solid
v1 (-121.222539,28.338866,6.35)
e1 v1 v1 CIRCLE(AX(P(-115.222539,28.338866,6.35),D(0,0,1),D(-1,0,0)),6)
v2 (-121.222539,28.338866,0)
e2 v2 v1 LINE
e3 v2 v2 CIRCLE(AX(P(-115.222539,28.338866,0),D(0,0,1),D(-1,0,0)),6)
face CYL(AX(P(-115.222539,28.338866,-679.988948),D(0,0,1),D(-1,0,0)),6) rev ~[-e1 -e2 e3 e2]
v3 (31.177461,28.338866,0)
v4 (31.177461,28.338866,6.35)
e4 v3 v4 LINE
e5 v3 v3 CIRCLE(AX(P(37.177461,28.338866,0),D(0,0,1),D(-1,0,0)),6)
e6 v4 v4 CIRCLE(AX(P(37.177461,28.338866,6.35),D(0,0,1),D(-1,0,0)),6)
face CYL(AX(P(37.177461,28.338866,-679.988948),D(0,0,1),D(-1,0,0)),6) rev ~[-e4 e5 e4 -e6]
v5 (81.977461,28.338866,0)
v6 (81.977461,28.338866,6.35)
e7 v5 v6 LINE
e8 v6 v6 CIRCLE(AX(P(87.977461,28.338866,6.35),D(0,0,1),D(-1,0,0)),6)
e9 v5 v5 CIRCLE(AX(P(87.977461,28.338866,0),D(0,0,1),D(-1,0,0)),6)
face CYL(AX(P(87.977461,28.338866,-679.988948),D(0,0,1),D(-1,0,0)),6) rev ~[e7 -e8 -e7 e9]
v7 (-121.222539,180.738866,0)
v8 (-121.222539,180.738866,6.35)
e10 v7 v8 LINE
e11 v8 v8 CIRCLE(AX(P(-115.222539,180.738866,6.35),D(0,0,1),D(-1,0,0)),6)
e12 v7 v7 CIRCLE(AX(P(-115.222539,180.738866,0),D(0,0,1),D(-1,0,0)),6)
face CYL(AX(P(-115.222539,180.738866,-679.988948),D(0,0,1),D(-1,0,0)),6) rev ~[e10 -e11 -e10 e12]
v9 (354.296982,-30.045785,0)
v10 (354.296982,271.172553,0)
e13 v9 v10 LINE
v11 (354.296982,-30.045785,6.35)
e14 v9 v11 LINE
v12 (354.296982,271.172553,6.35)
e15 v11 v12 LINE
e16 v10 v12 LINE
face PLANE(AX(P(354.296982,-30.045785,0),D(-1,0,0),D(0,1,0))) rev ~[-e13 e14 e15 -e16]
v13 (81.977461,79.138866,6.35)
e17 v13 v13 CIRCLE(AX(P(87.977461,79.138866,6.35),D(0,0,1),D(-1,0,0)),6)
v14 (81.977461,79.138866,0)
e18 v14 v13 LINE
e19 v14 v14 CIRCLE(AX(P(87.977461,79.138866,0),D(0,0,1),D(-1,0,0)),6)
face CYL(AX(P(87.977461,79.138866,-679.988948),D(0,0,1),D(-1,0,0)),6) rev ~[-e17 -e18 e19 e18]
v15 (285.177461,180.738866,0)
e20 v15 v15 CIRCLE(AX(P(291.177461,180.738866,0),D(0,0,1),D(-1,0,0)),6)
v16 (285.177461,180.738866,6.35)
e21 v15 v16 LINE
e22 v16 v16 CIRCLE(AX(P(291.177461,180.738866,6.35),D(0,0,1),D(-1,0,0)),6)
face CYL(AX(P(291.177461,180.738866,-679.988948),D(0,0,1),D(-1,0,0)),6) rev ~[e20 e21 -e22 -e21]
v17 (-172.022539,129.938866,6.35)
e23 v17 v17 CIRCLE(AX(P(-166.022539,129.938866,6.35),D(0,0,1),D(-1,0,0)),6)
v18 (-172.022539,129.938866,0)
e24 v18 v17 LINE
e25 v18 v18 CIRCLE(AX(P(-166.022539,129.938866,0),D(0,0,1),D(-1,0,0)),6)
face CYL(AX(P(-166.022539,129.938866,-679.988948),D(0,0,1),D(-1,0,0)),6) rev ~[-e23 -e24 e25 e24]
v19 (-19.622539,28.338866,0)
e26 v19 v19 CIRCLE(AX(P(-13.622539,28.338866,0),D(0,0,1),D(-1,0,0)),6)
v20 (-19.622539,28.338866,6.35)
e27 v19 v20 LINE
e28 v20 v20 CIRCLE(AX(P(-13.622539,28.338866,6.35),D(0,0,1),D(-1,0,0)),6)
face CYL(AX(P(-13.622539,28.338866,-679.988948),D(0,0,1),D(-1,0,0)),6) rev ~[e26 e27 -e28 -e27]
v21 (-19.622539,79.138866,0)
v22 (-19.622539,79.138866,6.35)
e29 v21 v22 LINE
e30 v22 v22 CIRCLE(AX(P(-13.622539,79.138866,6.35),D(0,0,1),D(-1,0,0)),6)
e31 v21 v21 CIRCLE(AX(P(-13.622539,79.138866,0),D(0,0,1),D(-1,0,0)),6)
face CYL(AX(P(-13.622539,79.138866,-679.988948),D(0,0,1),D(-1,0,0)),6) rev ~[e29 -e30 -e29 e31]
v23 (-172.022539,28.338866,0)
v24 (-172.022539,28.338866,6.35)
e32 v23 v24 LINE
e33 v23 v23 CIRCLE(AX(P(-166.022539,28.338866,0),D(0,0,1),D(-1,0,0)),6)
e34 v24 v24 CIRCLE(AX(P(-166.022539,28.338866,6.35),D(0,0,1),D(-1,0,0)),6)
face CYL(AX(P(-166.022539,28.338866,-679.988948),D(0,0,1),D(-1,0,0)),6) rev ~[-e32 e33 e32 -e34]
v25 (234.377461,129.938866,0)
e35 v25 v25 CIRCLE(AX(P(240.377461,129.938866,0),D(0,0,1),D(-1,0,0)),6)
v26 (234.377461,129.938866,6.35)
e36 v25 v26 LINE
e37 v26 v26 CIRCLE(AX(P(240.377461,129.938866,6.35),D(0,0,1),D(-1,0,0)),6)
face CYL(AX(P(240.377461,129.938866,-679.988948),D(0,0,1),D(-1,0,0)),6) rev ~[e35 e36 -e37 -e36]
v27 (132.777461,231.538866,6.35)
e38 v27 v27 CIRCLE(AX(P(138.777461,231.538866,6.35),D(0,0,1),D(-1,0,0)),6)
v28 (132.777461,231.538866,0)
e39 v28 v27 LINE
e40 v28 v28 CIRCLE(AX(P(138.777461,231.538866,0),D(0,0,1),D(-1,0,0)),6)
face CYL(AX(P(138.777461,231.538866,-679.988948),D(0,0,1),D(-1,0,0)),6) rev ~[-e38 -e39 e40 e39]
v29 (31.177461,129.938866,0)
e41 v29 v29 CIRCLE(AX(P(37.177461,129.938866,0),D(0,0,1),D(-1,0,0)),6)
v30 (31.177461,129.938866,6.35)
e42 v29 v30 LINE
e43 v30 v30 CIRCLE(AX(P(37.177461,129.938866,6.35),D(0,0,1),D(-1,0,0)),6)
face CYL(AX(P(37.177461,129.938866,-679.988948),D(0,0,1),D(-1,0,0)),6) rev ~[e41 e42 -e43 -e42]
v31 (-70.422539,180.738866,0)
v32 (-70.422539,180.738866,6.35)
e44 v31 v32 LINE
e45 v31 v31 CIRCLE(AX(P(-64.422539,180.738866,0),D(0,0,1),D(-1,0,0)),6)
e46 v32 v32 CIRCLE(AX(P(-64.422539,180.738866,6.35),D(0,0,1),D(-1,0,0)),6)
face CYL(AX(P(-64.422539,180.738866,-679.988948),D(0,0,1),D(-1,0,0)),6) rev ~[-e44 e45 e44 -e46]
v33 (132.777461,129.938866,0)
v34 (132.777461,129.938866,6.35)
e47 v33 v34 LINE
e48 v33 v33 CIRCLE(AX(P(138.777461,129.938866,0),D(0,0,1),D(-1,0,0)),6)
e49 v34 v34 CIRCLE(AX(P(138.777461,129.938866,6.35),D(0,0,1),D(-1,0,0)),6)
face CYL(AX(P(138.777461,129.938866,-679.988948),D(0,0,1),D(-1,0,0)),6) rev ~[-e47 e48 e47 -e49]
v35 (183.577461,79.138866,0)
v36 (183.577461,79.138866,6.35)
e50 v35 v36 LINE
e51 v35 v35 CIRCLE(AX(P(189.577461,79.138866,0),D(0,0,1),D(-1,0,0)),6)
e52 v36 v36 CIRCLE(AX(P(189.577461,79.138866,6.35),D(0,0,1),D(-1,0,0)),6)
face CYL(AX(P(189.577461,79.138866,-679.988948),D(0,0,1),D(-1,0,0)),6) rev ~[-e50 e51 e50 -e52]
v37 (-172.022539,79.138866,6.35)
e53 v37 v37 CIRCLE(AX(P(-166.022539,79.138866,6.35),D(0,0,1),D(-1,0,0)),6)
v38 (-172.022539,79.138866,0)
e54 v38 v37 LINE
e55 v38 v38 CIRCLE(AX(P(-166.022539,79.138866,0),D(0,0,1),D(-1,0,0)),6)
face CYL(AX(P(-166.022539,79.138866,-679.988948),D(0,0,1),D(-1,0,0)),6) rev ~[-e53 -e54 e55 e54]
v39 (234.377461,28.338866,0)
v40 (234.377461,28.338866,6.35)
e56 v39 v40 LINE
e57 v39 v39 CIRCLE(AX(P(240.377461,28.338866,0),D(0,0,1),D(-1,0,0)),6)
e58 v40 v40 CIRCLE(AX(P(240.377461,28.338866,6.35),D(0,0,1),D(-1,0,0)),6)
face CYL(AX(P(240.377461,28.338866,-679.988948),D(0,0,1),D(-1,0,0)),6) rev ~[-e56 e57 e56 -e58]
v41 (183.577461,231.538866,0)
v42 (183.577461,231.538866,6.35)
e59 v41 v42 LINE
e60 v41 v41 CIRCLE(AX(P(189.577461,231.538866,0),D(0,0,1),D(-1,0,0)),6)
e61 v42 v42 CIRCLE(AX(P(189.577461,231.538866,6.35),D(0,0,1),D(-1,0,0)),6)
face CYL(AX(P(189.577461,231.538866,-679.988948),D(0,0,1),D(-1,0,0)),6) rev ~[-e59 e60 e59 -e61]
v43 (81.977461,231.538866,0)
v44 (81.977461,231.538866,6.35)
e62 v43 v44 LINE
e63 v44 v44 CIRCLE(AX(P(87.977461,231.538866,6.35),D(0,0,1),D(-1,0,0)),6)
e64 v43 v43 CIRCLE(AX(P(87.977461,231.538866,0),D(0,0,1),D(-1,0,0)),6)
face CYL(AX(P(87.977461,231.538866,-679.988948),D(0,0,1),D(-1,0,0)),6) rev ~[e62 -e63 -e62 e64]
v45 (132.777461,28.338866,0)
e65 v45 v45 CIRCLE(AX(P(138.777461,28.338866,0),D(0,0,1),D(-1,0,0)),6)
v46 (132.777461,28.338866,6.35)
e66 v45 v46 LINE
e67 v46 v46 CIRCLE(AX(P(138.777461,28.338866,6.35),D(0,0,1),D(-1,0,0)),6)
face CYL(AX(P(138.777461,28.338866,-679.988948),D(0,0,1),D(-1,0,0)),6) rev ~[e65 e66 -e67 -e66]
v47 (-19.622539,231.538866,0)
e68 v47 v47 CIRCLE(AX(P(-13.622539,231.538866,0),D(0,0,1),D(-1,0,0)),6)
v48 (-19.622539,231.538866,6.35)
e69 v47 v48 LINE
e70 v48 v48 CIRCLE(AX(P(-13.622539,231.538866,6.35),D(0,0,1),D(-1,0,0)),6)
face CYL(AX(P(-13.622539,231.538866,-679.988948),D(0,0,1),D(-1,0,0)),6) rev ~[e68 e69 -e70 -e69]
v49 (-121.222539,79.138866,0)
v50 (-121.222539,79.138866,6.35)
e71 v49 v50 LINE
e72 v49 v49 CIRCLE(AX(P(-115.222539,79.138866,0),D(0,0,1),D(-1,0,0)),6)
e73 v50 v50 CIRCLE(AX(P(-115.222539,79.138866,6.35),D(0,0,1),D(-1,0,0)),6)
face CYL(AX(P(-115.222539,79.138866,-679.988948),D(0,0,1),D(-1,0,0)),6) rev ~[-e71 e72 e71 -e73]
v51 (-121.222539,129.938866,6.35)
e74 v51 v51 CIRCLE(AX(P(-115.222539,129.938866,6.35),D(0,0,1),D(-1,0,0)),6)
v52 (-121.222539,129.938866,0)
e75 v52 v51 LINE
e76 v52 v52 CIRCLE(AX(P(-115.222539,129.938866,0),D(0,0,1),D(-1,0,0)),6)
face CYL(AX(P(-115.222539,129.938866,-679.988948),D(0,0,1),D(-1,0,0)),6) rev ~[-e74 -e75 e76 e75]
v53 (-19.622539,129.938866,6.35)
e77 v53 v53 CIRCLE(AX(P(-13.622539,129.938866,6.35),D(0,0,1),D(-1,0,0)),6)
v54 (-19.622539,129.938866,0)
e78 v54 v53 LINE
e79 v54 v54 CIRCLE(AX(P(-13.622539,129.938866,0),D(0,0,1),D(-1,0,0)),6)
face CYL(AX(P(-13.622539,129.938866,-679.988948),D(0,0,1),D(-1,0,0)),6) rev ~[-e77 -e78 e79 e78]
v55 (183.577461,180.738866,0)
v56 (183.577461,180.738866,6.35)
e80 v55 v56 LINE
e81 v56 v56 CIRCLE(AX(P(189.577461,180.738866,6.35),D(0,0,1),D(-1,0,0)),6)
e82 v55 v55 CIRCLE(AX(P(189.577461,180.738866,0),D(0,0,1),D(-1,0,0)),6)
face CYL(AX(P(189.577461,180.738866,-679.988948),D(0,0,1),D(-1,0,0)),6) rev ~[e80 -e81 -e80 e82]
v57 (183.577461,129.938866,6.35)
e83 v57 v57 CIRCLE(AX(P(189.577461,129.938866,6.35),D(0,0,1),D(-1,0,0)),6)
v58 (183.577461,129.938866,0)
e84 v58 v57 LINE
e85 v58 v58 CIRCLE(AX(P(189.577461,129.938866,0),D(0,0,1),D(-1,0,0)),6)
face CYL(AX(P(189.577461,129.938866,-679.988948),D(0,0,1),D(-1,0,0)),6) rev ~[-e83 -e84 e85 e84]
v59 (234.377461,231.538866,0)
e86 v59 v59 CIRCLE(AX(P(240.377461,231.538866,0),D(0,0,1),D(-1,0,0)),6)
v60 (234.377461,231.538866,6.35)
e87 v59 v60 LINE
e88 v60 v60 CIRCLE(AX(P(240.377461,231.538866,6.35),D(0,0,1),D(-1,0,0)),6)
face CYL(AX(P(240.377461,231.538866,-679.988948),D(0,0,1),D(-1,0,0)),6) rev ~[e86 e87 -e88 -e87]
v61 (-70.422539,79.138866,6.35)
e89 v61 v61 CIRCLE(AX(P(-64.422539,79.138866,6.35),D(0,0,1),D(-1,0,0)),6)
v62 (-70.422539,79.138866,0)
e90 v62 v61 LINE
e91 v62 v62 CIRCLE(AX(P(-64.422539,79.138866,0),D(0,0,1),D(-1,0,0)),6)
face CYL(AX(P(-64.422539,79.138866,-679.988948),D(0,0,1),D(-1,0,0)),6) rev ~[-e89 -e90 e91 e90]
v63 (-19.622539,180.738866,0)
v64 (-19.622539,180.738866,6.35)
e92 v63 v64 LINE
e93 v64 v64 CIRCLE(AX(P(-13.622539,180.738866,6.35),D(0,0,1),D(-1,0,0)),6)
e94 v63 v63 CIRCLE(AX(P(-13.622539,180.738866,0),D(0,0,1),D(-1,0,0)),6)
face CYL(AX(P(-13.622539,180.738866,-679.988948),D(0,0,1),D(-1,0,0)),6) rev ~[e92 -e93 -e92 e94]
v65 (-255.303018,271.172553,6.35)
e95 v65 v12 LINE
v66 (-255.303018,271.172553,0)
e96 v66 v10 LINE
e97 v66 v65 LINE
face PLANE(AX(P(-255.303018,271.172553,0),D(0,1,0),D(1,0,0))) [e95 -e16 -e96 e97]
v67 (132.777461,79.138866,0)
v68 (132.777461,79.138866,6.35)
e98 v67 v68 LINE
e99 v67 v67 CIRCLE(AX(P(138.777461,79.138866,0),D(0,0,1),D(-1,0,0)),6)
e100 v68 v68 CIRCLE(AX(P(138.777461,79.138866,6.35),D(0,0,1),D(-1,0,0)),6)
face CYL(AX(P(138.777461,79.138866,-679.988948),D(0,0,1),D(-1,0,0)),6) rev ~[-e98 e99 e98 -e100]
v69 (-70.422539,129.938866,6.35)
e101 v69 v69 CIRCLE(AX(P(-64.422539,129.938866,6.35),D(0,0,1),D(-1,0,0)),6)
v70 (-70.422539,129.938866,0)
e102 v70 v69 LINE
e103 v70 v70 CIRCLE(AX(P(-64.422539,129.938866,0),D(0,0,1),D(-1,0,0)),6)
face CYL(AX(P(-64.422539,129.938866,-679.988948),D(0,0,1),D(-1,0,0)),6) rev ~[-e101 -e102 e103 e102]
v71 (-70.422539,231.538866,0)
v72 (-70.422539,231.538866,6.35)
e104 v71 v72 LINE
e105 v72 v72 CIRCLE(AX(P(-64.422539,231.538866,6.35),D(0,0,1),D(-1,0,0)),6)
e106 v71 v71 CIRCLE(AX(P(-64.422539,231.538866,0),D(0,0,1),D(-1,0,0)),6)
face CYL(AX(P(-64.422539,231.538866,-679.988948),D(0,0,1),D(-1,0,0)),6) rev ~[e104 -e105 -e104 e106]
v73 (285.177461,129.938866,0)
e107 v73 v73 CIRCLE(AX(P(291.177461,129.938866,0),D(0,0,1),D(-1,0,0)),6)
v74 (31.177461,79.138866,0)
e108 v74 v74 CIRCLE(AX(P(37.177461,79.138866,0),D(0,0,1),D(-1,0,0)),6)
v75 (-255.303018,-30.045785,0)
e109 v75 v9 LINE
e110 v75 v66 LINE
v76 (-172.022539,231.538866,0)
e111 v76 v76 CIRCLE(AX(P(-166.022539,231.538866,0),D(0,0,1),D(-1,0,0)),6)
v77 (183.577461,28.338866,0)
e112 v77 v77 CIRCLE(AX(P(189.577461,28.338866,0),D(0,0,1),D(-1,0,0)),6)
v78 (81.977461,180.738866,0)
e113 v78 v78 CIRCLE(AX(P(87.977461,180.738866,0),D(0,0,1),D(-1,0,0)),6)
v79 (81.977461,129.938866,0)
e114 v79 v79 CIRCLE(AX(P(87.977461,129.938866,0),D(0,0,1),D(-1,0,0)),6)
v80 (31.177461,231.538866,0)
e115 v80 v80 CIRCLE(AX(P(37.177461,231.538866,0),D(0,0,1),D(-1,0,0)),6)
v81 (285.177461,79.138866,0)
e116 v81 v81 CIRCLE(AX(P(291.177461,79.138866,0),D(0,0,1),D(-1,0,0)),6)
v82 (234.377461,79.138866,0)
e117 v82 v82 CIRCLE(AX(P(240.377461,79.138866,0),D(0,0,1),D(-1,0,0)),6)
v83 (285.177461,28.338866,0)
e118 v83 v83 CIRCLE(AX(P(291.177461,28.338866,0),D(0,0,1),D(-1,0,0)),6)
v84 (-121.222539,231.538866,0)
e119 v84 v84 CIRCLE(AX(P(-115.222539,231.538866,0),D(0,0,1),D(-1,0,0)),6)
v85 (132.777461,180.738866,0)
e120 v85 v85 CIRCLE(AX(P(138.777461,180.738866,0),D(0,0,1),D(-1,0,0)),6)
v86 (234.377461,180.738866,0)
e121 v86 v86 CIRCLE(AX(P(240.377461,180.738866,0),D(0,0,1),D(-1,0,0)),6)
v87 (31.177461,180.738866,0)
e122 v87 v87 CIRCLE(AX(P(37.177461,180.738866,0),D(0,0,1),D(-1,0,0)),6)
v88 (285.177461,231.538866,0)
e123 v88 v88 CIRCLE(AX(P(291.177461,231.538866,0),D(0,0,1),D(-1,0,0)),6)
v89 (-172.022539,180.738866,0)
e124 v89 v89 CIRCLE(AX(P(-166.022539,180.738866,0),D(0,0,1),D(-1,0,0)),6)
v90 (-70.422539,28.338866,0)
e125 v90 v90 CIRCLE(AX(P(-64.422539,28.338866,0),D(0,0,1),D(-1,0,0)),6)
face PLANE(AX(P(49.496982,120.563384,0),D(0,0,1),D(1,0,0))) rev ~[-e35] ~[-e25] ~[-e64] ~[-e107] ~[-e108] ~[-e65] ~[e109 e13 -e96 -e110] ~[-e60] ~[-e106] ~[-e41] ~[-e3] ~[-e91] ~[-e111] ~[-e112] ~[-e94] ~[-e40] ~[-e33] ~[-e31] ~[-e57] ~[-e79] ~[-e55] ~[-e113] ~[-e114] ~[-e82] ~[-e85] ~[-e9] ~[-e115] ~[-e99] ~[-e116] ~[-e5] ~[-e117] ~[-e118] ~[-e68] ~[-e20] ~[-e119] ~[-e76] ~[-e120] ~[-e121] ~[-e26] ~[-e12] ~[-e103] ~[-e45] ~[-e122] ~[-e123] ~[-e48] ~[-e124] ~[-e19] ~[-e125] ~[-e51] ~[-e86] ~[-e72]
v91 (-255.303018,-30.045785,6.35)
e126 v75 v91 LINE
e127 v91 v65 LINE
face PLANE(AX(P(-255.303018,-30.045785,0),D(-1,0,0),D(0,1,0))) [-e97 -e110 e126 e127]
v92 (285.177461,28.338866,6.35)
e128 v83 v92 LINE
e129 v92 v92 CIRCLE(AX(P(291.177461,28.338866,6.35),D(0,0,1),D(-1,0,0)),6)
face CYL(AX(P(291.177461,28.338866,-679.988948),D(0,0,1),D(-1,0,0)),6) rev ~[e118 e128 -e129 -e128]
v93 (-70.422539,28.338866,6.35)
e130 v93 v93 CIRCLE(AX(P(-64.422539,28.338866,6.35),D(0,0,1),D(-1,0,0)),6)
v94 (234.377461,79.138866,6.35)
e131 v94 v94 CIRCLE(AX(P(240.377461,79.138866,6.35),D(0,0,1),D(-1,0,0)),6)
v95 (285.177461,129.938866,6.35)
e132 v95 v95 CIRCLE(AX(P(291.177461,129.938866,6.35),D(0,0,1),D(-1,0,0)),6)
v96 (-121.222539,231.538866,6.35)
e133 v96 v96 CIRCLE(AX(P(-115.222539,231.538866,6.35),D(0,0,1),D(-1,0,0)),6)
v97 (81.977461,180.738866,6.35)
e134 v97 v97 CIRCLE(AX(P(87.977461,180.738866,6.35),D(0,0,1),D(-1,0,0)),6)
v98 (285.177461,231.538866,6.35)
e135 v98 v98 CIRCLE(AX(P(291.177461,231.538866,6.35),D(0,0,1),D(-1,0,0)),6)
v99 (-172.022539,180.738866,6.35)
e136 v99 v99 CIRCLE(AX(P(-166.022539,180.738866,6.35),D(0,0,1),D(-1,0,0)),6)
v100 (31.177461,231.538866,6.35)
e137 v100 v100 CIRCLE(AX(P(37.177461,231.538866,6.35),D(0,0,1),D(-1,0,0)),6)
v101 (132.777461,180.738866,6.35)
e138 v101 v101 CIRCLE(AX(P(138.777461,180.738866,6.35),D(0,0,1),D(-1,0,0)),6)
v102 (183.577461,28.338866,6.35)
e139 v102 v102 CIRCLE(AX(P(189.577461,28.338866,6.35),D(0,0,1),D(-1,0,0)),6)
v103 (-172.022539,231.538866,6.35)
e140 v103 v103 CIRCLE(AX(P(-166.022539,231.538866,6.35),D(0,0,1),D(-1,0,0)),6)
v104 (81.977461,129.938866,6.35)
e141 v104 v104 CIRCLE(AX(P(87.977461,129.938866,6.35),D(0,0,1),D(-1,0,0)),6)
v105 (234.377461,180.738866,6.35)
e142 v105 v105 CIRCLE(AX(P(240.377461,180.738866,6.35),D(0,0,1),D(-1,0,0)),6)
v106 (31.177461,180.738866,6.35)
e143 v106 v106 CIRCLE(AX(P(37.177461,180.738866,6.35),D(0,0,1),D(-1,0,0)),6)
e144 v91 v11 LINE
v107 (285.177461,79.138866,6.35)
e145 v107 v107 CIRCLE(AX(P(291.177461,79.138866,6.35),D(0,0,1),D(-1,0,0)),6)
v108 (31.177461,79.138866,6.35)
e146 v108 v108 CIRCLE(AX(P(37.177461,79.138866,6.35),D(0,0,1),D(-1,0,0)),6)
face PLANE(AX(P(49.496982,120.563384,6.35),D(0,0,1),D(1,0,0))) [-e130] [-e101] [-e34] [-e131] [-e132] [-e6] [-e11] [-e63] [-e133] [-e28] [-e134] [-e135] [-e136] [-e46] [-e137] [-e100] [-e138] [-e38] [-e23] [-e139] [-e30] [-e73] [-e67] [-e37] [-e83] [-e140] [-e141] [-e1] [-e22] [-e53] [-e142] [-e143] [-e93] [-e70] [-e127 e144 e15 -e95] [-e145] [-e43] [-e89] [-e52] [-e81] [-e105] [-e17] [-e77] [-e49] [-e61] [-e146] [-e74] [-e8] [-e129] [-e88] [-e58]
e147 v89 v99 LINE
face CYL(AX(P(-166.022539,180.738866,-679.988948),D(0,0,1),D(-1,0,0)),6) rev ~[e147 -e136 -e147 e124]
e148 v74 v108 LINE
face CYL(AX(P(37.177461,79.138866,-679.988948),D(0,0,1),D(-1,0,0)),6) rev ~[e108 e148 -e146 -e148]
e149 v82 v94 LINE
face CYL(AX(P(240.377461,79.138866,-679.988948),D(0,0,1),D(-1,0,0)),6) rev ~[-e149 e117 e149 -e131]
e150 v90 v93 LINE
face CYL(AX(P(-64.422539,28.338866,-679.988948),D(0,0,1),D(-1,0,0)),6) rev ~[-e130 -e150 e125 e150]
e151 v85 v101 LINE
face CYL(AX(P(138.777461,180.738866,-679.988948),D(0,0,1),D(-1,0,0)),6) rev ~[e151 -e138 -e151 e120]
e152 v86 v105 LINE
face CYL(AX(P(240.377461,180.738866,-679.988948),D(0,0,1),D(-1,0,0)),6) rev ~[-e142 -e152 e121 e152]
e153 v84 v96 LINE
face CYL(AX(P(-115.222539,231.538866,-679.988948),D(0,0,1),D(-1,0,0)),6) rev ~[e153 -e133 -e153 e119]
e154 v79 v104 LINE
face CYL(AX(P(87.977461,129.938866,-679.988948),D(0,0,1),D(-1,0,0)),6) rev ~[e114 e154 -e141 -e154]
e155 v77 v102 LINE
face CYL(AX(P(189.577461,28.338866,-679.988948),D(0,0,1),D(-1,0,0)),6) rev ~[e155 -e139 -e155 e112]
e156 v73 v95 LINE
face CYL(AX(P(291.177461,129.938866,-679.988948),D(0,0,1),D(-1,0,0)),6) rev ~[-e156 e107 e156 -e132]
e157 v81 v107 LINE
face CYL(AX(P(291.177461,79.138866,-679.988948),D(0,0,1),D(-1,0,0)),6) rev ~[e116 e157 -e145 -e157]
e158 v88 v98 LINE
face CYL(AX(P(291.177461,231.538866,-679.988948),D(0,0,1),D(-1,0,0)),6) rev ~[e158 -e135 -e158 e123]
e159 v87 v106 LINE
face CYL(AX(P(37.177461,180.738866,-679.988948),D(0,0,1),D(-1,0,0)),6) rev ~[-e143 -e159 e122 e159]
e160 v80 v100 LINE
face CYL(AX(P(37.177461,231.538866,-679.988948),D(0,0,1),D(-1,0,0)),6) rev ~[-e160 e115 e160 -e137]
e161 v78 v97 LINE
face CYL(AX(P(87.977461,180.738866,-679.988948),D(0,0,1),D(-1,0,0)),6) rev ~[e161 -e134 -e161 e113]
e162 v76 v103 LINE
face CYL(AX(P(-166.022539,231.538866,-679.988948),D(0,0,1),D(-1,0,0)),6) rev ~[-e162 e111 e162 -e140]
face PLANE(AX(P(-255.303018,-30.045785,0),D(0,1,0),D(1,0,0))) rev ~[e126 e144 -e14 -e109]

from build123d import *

# Parameters (mm, degrees)
F1_W     = 609.6
F1_H     = 301.2183383107
F2_DEPTH = 6.35
F3_D     = 12


with BuildPart() as f2:
    # F1 (on Top) → F2 (new body)
    with BuildSketch(Plane.XY):
        with Locations((49.4969822884, 120.5633841455)):
            Rectangle(F1_W, F1_H)
    extrude(amount=F2_DEPTH)

    # F3 (through all)
    with Locations(Plane(origin=(0, 0, 0), x_dir=(1, 0, 0), z_dir=(0, 0, -1))):
        with Locations((-166.0225391388, -231.5388663083), (-166.0225391388, -180.7388663083), (-166.0225391388, -129.9388663083), (-166.0225391388, -79.1388663083), (-166.0225391388, -28.3388663083), (87.9774608612, -129.9388663083), (138.7774608612, -79.1388663083), (-13.6225391388, -28.3388663083), (-13.6225391388, -180.7388663083), (37.1774608612, -231.5388663083), (138.7774608612, -231.5388663083), (-64.4225391388, -79.1388663083), (240.3774608612, -79.1388663083), (189.5774608612, -180.7388663083), (-13.6225391388, -79.1388663083), (87.9774608612, -180.7388663083), (37.1774608612, -129.9388663083), (87.9774608612, -28.3388663083), (138.7774608612, -129.9388663083), (-64.4225391388, -129.9388663083), (240.3774608612, -28.3388663083), (-13.6225391388, -129.9388663083), (138.7774608612, -180.7388663083), (37.1774608612, -79.1388663083), (189.5774608612, -129.9388663083), (-115.2225391388, -79.1388663083), (189.5774608612, -28.3388663083), (-64.4225391388, -28.3388663083), (87.9774608612, -79.1388663083), (240.3774608612, -129.9388663083), (-115.2225391388, -28.3388663083), (-64.4225391388, -231.5388663083), (37.1774608612, -180.7388663083), (138.7774608612, -28.3388663083), (-115.2225391388, -231.5388663083), (-115.2225391388, -180.7388663083), (-115.2225391388, -129.9388663083), (37.1774608612, -28.3388663083), (189.5774608612, -79.1388663083), (87.9774608612, -231.5388663083), (-64.4225391388, -180.7388663083), (291.1774608612, -28.3388663083), (-13.6225391388, -231.5388663083), (240.3774608612, -231.5388663083), (240.3774608612, -180.7388663083), (291.1774608612, -129.9388663083), (291.1774608612, -180.7388663083), (291.1774608612, -231.5388663083), (291.1774608612, -79.1388663083), (189.5774608612, -231.5388663083)):
            Hole(F3_D / 2)


solid = f2.part
